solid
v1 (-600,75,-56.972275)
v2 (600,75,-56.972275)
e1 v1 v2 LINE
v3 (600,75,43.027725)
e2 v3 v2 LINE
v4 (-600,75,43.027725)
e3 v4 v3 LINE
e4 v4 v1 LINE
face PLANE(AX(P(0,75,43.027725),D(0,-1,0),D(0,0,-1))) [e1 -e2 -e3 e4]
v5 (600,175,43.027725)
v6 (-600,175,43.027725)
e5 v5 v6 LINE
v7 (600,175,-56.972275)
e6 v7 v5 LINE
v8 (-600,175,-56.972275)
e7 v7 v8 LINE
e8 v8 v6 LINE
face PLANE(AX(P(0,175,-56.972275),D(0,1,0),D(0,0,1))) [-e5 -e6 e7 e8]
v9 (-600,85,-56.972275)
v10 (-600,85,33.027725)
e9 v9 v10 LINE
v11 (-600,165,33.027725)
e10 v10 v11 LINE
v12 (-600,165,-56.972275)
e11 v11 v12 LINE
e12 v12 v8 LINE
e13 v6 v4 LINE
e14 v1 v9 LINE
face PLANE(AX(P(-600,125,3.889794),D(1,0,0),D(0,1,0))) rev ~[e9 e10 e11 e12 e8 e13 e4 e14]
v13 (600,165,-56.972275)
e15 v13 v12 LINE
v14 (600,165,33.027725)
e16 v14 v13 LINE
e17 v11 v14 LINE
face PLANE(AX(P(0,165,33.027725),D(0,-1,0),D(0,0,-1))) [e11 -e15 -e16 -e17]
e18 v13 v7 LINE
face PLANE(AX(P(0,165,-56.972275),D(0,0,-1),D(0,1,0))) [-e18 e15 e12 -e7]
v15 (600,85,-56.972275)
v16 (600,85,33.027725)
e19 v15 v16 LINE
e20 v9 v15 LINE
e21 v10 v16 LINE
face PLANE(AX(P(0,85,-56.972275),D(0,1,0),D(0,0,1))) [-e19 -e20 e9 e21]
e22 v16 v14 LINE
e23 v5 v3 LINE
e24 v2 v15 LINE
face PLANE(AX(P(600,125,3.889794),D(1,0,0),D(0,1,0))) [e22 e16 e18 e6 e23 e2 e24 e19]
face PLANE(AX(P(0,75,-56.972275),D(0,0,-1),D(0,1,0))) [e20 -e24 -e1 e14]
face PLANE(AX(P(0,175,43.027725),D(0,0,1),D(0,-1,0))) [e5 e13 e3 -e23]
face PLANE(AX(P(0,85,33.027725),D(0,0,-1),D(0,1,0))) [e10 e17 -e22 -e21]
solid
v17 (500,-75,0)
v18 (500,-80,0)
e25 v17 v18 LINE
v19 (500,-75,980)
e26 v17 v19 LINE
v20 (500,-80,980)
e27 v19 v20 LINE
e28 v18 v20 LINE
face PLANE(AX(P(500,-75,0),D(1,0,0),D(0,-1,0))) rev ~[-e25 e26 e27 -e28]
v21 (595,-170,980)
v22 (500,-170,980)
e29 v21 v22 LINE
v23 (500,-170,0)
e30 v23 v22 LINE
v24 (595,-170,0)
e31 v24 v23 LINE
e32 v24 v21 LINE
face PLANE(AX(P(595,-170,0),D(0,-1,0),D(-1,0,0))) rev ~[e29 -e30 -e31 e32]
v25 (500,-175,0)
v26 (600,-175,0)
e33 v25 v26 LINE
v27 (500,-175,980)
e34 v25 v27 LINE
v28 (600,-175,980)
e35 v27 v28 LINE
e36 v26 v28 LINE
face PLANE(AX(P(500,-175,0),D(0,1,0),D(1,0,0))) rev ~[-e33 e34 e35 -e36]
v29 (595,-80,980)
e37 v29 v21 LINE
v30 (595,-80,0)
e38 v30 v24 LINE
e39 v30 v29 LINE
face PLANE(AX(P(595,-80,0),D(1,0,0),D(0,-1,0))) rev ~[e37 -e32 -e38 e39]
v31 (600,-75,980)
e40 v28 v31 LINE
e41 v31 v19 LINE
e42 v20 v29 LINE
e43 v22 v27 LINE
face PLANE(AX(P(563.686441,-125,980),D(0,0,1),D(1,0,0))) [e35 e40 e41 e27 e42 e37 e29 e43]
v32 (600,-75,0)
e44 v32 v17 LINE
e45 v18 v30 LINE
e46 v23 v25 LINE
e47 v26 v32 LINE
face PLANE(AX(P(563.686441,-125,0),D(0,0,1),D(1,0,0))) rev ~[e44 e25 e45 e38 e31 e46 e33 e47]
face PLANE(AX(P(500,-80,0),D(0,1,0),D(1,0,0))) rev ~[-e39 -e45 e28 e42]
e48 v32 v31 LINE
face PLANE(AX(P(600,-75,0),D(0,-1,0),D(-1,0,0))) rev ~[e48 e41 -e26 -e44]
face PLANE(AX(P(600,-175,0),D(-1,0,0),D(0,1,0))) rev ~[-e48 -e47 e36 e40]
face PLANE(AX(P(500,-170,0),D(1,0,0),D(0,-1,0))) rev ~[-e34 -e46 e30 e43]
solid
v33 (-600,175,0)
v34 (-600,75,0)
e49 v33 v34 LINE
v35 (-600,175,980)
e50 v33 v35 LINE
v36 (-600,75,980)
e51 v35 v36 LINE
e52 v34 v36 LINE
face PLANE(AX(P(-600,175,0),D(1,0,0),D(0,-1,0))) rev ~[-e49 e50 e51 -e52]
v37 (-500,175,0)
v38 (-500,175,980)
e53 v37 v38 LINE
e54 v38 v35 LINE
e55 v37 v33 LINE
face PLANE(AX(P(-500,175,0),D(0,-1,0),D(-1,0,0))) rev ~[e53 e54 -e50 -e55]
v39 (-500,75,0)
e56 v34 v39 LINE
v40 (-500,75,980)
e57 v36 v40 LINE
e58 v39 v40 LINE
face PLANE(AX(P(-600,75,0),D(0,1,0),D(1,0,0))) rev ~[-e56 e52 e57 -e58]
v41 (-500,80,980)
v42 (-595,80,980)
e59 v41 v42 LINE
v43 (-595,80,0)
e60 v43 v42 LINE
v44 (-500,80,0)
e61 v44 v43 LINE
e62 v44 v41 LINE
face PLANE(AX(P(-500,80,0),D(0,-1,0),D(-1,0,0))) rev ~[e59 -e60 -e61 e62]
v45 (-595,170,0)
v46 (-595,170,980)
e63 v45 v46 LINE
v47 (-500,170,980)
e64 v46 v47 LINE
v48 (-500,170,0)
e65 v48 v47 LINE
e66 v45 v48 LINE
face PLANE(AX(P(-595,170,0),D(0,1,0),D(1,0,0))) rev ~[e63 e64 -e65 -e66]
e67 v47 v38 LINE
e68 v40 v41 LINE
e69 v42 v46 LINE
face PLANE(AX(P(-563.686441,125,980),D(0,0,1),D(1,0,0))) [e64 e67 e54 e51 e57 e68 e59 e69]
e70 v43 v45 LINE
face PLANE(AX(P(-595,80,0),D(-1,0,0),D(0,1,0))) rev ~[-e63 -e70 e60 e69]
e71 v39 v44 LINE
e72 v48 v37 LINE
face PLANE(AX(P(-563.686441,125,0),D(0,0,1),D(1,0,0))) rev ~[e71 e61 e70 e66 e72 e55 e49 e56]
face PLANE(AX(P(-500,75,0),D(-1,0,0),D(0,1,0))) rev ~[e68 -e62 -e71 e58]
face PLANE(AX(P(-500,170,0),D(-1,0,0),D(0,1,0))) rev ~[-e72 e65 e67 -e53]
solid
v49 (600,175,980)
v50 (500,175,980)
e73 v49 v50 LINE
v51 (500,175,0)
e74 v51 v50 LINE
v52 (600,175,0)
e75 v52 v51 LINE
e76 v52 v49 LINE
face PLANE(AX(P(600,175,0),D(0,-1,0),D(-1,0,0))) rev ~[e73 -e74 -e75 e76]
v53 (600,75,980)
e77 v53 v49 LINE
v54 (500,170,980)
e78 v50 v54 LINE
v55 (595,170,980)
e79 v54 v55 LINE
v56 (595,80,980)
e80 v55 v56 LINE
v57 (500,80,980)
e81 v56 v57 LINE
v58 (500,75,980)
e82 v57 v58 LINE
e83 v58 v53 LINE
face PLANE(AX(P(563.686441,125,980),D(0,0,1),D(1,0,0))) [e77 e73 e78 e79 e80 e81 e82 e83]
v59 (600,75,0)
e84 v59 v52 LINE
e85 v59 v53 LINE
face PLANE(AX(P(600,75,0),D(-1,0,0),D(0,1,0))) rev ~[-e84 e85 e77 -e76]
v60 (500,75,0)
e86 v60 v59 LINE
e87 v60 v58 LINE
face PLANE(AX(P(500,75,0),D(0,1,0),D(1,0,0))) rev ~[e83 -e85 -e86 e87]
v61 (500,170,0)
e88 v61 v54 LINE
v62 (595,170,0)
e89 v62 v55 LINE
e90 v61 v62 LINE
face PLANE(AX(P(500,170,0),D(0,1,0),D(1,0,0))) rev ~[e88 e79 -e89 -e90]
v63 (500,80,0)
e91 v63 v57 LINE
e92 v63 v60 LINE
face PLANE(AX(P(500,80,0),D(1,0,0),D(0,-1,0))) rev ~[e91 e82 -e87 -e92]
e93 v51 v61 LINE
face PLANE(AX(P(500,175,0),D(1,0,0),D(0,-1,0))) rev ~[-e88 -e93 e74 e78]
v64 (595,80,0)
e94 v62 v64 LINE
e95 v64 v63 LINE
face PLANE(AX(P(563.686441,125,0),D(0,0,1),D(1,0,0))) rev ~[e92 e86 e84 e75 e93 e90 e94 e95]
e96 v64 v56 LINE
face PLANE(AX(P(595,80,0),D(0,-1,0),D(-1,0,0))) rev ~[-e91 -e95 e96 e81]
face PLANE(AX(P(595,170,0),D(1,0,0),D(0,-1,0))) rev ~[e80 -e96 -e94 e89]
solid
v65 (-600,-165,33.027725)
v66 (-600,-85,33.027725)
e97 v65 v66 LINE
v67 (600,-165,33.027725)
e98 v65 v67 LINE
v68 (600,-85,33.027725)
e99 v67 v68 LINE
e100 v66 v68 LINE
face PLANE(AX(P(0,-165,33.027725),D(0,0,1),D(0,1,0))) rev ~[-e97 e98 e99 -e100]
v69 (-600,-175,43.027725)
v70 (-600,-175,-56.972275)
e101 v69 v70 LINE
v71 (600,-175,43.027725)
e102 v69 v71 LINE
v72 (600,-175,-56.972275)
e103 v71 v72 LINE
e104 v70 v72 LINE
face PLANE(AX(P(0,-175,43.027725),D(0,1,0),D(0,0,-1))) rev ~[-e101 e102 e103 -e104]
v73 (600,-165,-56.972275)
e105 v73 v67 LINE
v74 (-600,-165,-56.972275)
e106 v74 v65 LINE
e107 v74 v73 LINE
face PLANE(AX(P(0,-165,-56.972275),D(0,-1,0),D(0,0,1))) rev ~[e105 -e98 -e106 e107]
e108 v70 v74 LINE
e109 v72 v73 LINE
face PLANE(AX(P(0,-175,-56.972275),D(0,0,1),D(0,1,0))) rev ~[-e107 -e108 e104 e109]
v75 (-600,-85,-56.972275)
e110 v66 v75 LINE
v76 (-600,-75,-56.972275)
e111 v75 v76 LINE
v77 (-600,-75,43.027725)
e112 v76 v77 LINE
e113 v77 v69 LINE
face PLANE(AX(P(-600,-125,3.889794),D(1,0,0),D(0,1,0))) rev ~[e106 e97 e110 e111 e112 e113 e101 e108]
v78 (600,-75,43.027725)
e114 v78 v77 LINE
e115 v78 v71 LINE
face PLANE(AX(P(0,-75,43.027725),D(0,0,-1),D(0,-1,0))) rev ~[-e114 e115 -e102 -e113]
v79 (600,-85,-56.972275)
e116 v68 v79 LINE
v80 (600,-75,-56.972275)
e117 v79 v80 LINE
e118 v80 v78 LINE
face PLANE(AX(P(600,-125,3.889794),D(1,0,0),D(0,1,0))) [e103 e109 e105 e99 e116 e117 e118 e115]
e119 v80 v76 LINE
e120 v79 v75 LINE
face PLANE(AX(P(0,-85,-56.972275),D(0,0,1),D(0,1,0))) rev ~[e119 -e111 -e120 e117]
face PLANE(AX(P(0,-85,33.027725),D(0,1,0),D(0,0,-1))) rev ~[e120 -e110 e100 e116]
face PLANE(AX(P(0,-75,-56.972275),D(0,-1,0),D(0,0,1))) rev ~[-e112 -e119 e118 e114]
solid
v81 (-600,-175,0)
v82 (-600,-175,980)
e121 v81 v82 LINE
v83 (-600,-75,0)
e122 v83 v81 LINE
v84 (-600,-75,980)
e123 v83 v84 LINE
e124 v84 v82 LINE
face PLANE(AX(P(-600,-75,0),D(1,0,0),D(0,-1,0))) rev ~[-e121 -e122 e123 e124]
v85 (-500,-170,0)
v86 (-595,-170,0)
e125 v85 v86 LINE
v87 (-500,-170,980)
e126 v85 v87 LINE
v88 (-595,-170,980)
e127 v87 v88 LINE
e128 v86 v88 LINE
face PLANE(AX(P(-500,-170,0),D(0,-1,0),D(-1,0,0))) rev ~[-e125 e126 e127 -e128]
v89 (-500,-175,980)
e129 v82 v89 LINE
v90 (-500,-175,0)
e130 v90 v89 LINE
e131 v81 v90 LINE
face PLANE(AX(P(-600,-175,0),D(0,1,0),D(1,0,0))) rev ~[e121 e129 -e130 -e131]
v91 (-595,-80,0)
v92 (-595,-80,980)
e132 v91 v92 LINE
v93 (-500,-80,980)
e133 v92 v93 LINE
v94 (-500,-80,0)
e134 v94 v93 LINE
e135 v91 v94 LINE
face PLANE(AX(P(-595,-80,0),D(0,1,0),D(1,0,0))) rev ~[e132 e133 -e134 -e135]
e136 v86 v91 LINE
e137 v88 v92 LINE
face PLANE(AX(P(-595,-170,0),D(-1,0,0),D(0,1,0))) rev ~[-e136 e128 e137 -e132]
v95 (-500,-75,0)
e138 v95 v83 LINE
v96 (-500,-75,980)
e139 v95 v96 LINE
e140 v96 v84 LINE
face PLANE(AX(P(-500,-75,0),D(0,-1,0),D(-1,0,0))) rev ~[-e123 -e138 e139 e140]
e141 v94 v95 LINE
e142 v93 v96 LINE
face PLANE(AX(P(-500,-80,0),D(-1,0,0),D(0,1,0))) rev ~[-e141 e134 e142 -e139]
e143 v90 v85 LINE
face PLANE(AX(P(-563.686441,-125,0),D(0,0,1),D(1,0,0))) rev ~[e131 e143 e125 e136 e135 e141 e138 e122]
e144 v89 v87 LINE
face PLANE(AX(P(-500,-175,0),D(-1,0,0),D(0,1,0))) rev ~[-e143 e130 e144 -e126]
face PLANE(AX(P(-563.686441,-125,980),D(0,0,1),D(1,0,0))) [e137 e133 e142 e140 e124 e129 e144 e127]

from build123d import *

# Parameters (mm, degrees)
F1_DEPTH = 600
F3_DEPTH = 980


with BuildPart() as f1:
    # F0 (on Right) → F1 (new body, symmetric)
    with BuildSketch(Plane.YZ):
        Polygon((-75, 43.027725), (-175, 43.027725), (-175, -56.972275), (-165, -56.972275), (-165, 33.027725), (-85, 33.027725), (-85, -56.972275), (-75, -56.972275), align=None)
        Polygon((175, 43.027725), (75, 43.027725), (75, -56.972275), (85, -56.972275), (85, 33.027725), (165, 33.027725), (165, -56.972275), (175, -56.972275), align=None)
    extrude(amount=F1_DEPTH, both=True)


with BuildPart() as f3:
    # F2 (on Top) → F3 (new body)
    with BuildSketch(Plane.XY):
        Polygon((-595, 80), (-595, 170), (-500, 170), (-500, 175), (-600, 175), (-600, 75), (-500, 75), (-500, 80), align=None)
        Polygon((-595, -170), (-595, -80), (-500, -80), (-500, -75), (-600, -75), (-600, -175), (-500, -175), (-500, -170), align=None)
        Polygon((600, 75), (600, 175), (500, 175), (500, 170), (595, 170), (595, 80), (500, 80), (500, 75), align=None)
        Polygon((600, -175), (600, -75), (500, -75), (500, -80), (595, -80), (595, -170), (500, -170), (500, -175), align=None)
    extrude(amount=F3_DEPTH)


solid = Compound([f1.part, f3.part])
